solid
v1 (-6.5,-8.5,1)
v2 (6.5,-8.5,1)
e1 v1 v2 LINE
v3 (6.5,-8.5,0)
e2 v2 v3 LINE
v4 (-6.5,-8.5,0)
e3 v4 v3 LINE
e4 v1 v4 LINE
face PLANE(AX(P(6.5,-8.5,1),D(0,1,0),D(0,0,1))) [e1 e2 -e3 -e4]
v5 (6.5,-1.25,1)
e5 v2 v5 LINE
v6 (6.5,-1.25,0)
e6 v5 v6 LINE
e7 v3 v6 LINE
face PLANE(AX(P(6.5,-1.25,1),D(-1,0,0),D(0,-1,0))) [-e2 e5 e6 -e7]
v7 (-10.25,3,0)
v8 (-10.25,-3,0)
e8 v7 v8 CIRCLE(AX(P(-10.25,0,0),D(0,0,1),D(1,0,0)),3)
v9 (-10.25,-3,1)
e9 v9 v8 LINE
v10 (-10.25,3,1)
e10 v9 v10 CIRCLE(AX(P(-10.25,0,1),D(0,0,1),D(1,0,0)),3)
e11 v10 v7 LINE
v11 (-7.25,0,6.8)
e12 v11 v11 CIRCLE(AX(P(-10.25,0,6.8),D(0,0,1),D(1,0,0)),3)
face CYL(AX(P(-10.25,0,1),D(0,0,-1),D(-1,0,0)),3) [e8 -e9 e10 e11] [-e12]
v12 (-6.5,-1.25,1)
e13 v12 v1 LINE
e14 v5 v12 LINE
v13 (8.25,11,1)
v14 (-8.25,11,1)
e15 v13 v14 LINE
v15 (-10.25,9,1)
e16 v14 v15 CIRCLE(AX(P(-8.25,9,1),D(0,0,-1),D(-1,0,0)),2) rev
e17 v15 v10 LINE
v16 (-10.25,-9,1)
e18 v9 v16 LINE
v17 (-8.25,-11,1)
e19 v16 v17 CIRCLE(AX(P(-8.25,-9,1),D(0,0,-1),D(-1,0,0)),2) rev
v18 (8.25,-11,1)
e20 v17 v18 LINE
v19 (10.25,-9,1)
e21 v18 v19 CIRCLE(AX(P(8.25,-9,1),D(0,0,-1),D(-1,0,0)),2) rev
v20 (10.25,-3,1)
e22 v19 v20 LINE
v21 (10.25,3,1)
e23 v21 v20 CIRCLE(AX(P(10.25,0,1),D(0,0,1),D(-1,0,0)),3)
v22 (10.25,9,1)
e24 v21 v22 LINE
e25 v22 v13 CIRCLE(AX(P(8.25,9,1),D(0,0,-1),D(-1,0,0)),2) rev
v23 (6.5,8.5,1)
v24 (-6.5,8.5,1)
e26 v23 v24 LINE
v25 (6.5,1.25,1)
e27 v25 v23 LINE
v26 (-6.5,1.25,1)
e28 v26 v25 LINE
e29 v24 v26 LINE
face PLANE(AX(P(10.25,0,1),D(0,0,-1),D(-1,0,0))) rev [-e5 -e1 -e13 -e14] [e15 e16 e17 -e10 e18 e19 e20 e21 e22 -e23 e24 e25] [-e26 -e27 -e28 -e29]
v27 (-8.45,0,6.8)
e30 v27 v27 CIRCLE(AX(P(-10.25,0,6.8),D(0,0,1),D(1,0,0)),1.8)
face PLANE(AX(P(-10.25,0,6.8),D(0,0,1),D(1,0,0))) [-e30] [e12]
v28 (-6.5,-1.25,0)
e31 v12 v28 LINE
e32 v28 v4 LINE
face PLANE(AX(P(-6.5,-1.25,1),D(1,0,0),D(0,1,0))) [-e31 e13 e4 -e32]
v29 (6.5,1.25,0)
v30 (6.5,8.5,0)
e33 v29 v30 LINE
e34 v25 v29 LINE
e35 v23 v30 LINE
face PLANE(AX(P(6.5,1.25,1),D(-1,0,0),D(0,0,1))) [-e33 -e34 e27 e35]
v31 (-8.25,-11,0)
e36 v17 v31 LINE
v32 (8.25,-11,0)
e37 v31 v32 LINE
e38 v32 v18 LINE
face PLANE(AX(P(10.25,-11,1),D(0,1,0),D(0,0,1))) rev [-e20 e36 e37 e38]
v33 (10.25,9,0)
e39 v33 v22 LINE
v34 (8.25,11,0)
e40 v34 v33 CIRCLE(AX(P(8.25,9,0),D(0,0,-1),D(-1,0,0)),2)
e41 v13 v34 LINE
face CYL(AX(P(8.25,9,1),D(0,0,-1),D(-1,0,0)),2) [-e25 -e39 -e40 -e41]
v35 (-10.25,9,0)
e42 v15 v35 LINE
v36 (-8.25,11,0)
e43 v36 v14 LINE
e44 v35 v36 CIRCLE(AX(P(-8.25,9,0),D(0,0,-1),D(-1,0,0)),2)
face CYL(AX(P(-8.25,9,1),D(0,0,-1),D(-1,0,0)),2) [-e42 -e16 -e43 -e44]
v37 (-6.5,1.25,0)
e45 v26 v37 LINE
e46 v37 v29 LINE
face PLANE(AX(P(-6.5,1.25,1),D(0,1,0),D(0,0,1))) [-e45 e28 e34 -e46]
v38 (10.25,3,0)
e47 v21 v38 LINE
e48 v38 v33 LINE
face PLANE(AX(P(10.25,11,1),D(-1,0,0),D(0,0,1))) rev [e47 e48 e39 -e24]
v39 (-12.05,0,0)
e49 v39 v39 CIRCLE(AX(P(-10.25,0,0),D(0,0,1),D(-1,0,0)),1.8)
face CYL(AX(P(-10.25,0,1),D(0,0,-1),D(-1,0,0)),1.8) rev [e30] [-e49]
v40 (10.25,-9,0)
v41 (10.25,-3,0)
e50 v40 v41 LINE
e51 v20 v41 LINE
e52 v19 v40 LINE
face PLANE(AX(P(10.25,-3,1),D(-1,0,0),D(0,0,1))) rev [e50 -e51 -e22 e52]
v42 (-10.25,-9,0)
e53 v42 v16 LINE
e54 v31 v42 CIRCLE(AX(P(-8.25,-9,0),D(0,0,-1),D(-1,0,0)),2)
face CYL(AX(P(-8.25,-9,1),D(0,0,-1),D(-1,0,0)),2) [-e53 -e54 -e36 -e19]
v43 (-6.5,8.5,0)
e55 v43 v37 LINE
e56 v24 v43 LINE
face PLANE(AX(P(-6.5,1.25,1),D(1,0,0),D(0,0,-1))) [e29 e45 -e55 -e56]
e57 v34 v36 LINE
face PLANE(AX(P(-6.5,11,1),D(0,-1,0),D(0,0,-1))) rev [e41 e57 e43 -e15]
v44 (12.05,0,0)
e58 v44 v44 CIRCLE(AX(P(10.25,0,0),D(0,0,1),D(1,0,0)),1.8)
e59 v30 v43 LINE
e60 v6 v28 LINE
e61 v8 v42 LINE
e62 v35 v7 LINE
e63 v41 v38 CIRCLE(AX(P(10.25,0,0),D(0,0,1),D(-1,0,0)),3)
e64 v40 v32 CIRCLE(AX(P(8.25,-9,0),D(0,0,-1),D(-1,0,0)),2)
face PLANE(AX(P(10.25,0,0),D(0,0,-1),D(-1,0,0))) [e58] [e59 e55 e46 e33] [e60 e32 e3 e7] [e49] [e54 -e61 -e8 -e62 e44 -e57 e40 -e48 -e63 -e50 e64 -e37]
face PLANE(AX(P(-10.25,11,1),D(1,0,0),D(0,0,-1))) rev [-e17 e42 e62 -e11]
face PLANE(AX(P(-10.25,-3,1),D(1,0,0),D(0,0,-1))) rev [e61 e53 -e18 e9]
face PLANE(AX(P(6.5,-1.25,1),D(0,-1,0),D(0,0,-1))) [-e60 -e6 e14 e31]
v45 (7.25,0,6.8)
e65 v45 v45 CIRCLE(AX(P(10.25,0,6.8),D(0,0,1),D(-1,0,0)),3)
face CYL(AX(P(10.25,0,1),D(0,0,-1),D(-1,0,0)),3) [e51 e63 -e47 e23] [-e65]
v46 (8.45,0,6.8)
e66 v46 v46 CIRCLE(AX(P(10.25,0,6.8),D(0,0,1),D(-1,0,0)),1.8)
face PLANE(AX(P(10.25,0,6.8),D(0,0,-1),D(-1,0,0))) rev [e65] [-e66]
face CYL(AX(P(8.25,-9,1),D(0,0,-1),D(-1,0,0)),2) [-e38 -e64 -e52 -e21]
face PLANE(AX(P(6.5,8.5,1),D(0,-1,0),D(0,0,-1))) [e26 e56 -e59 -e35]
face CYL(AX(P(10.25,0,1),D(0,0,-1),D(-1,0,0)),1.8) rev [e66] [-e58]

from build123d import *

# Parameters (mm, degrees)
SKETCH1_R           = 1.8
SKETCH1_W           = 13
SKETCH1_H           = 7.25
BOSS_EXTRUDE1_DEPTH = 1
SKETCH2_R           = 3
SKETCH2_R_2         = 1.8
BOSS_EXTRUDE2_DEPTH = 5.8
FILLET4_R           = 2
FILLET5_R           = 2
FILLET6_R           = 2
FILLET7_R           = 2


with BuildPart() as part:
    # Sketch1 → Boss-Extrude1 (new body)
    with BuildSketch(Plane.XY):
        with BuildLine():
            Line((-6.5, 11), (6.5, 11))
            Line((6.5, 11), (10.25, 11))
            Line((10.25, 11), (10.25, 3))
            ThreePointArc((10.25, 3), (13.25, 0), (10.25, -3))
            Line((10.25, -3), (10.25, -11))
            Line((10.25, -11), (6.5, -11))
            Line((6.5, -11), (-6.5, -11))
            Line((-6.5, -11), (-10.25, -11))
            Line((-10.25, -11), (-10.25, -3))
            ThreePointArc((-10.25, -3), (-13.25, 0), (-10.25, 3))
            Line((-10.25, 3), (-10.25, 11))
            Line((-10.25, 11), (-6.5, 11))
        make_face()
        with Locations(Location((-10.25, 0, 0), (0, 0, 180))):
            Circle(SKETCH1_R, mode=Mode.SUBTRACT)
        with Locations((10.25, 0)):
            Circle(SKETCH1_R, mode=Mode.SUBTRACT)
        with Locations((0, -4.875)):
            Rectangle(SKETCH1_W, SKETCH1_H, mode=Mode.SUBTRACT)
        with Locations((0, 4.875)):
            Rectangle(SKETCH1_W, SKETCH1_H, mode=Mode.SUBTRACT)
    extrude(amount=BOSS_EXTRUDE1_DEPTH)

    # Sketch2 → Boss-Extrude2 (add)
    with BuildSketch(Plane.XY.offset(1)):
        with Locations(Location((-10.25, 0, 0), (0, 0, 270))):
            Circle(SKETCH2_R)
        with Locations(Location((-10.25, 0, 0), (0, 0, 180))):
            Circle(SKETCH2_R_2, mode=Mode.SUBTRACT)
        with Locations(Location((10.25, 0, 0), (0, 0, 180))):
            Circle(SKETCH2_R)
        with Locations(Location((10.25, 0, 0), (0, 0, 180))):
            Circle(SKETCH2_R_2, mode=Mode.SUBTRACT)
    extrude(amount=BOSS_EXTRUDE2_DEPTH)

    # Fillet4
    fillet4_edges = [part.edges().sort_by_distance(p)[0] for p in [
        (-10.25, 11, 0.5),
    ]]
    fillet(fillet4_edges, radius=FILLET4_R)

    # Fillet5
    fillet5_edges = [part.edges().sort_by_distance(p)[0] for p in [
        (10.25, 11, 0.5),
    ]]
    fillet(fillet5_edges, radius=FILLET5_R)

    # Fillet6
    fillet6_edges = [part.edges().sort_by_distance(p)[0] for p in [
        (-10.25, -11, 0.5),
    ]]
    fillet(fillet6_edges, radius=FILLET6_R)

    # Fillet7
    fillet7_edges = [part.edges().sort_by_distance(p)[0] for p in [
        (10.25, -11, 0.5),
    ]]
    fillet(fillet7_edges, radius=FILLET7_R)


solid = part.part
